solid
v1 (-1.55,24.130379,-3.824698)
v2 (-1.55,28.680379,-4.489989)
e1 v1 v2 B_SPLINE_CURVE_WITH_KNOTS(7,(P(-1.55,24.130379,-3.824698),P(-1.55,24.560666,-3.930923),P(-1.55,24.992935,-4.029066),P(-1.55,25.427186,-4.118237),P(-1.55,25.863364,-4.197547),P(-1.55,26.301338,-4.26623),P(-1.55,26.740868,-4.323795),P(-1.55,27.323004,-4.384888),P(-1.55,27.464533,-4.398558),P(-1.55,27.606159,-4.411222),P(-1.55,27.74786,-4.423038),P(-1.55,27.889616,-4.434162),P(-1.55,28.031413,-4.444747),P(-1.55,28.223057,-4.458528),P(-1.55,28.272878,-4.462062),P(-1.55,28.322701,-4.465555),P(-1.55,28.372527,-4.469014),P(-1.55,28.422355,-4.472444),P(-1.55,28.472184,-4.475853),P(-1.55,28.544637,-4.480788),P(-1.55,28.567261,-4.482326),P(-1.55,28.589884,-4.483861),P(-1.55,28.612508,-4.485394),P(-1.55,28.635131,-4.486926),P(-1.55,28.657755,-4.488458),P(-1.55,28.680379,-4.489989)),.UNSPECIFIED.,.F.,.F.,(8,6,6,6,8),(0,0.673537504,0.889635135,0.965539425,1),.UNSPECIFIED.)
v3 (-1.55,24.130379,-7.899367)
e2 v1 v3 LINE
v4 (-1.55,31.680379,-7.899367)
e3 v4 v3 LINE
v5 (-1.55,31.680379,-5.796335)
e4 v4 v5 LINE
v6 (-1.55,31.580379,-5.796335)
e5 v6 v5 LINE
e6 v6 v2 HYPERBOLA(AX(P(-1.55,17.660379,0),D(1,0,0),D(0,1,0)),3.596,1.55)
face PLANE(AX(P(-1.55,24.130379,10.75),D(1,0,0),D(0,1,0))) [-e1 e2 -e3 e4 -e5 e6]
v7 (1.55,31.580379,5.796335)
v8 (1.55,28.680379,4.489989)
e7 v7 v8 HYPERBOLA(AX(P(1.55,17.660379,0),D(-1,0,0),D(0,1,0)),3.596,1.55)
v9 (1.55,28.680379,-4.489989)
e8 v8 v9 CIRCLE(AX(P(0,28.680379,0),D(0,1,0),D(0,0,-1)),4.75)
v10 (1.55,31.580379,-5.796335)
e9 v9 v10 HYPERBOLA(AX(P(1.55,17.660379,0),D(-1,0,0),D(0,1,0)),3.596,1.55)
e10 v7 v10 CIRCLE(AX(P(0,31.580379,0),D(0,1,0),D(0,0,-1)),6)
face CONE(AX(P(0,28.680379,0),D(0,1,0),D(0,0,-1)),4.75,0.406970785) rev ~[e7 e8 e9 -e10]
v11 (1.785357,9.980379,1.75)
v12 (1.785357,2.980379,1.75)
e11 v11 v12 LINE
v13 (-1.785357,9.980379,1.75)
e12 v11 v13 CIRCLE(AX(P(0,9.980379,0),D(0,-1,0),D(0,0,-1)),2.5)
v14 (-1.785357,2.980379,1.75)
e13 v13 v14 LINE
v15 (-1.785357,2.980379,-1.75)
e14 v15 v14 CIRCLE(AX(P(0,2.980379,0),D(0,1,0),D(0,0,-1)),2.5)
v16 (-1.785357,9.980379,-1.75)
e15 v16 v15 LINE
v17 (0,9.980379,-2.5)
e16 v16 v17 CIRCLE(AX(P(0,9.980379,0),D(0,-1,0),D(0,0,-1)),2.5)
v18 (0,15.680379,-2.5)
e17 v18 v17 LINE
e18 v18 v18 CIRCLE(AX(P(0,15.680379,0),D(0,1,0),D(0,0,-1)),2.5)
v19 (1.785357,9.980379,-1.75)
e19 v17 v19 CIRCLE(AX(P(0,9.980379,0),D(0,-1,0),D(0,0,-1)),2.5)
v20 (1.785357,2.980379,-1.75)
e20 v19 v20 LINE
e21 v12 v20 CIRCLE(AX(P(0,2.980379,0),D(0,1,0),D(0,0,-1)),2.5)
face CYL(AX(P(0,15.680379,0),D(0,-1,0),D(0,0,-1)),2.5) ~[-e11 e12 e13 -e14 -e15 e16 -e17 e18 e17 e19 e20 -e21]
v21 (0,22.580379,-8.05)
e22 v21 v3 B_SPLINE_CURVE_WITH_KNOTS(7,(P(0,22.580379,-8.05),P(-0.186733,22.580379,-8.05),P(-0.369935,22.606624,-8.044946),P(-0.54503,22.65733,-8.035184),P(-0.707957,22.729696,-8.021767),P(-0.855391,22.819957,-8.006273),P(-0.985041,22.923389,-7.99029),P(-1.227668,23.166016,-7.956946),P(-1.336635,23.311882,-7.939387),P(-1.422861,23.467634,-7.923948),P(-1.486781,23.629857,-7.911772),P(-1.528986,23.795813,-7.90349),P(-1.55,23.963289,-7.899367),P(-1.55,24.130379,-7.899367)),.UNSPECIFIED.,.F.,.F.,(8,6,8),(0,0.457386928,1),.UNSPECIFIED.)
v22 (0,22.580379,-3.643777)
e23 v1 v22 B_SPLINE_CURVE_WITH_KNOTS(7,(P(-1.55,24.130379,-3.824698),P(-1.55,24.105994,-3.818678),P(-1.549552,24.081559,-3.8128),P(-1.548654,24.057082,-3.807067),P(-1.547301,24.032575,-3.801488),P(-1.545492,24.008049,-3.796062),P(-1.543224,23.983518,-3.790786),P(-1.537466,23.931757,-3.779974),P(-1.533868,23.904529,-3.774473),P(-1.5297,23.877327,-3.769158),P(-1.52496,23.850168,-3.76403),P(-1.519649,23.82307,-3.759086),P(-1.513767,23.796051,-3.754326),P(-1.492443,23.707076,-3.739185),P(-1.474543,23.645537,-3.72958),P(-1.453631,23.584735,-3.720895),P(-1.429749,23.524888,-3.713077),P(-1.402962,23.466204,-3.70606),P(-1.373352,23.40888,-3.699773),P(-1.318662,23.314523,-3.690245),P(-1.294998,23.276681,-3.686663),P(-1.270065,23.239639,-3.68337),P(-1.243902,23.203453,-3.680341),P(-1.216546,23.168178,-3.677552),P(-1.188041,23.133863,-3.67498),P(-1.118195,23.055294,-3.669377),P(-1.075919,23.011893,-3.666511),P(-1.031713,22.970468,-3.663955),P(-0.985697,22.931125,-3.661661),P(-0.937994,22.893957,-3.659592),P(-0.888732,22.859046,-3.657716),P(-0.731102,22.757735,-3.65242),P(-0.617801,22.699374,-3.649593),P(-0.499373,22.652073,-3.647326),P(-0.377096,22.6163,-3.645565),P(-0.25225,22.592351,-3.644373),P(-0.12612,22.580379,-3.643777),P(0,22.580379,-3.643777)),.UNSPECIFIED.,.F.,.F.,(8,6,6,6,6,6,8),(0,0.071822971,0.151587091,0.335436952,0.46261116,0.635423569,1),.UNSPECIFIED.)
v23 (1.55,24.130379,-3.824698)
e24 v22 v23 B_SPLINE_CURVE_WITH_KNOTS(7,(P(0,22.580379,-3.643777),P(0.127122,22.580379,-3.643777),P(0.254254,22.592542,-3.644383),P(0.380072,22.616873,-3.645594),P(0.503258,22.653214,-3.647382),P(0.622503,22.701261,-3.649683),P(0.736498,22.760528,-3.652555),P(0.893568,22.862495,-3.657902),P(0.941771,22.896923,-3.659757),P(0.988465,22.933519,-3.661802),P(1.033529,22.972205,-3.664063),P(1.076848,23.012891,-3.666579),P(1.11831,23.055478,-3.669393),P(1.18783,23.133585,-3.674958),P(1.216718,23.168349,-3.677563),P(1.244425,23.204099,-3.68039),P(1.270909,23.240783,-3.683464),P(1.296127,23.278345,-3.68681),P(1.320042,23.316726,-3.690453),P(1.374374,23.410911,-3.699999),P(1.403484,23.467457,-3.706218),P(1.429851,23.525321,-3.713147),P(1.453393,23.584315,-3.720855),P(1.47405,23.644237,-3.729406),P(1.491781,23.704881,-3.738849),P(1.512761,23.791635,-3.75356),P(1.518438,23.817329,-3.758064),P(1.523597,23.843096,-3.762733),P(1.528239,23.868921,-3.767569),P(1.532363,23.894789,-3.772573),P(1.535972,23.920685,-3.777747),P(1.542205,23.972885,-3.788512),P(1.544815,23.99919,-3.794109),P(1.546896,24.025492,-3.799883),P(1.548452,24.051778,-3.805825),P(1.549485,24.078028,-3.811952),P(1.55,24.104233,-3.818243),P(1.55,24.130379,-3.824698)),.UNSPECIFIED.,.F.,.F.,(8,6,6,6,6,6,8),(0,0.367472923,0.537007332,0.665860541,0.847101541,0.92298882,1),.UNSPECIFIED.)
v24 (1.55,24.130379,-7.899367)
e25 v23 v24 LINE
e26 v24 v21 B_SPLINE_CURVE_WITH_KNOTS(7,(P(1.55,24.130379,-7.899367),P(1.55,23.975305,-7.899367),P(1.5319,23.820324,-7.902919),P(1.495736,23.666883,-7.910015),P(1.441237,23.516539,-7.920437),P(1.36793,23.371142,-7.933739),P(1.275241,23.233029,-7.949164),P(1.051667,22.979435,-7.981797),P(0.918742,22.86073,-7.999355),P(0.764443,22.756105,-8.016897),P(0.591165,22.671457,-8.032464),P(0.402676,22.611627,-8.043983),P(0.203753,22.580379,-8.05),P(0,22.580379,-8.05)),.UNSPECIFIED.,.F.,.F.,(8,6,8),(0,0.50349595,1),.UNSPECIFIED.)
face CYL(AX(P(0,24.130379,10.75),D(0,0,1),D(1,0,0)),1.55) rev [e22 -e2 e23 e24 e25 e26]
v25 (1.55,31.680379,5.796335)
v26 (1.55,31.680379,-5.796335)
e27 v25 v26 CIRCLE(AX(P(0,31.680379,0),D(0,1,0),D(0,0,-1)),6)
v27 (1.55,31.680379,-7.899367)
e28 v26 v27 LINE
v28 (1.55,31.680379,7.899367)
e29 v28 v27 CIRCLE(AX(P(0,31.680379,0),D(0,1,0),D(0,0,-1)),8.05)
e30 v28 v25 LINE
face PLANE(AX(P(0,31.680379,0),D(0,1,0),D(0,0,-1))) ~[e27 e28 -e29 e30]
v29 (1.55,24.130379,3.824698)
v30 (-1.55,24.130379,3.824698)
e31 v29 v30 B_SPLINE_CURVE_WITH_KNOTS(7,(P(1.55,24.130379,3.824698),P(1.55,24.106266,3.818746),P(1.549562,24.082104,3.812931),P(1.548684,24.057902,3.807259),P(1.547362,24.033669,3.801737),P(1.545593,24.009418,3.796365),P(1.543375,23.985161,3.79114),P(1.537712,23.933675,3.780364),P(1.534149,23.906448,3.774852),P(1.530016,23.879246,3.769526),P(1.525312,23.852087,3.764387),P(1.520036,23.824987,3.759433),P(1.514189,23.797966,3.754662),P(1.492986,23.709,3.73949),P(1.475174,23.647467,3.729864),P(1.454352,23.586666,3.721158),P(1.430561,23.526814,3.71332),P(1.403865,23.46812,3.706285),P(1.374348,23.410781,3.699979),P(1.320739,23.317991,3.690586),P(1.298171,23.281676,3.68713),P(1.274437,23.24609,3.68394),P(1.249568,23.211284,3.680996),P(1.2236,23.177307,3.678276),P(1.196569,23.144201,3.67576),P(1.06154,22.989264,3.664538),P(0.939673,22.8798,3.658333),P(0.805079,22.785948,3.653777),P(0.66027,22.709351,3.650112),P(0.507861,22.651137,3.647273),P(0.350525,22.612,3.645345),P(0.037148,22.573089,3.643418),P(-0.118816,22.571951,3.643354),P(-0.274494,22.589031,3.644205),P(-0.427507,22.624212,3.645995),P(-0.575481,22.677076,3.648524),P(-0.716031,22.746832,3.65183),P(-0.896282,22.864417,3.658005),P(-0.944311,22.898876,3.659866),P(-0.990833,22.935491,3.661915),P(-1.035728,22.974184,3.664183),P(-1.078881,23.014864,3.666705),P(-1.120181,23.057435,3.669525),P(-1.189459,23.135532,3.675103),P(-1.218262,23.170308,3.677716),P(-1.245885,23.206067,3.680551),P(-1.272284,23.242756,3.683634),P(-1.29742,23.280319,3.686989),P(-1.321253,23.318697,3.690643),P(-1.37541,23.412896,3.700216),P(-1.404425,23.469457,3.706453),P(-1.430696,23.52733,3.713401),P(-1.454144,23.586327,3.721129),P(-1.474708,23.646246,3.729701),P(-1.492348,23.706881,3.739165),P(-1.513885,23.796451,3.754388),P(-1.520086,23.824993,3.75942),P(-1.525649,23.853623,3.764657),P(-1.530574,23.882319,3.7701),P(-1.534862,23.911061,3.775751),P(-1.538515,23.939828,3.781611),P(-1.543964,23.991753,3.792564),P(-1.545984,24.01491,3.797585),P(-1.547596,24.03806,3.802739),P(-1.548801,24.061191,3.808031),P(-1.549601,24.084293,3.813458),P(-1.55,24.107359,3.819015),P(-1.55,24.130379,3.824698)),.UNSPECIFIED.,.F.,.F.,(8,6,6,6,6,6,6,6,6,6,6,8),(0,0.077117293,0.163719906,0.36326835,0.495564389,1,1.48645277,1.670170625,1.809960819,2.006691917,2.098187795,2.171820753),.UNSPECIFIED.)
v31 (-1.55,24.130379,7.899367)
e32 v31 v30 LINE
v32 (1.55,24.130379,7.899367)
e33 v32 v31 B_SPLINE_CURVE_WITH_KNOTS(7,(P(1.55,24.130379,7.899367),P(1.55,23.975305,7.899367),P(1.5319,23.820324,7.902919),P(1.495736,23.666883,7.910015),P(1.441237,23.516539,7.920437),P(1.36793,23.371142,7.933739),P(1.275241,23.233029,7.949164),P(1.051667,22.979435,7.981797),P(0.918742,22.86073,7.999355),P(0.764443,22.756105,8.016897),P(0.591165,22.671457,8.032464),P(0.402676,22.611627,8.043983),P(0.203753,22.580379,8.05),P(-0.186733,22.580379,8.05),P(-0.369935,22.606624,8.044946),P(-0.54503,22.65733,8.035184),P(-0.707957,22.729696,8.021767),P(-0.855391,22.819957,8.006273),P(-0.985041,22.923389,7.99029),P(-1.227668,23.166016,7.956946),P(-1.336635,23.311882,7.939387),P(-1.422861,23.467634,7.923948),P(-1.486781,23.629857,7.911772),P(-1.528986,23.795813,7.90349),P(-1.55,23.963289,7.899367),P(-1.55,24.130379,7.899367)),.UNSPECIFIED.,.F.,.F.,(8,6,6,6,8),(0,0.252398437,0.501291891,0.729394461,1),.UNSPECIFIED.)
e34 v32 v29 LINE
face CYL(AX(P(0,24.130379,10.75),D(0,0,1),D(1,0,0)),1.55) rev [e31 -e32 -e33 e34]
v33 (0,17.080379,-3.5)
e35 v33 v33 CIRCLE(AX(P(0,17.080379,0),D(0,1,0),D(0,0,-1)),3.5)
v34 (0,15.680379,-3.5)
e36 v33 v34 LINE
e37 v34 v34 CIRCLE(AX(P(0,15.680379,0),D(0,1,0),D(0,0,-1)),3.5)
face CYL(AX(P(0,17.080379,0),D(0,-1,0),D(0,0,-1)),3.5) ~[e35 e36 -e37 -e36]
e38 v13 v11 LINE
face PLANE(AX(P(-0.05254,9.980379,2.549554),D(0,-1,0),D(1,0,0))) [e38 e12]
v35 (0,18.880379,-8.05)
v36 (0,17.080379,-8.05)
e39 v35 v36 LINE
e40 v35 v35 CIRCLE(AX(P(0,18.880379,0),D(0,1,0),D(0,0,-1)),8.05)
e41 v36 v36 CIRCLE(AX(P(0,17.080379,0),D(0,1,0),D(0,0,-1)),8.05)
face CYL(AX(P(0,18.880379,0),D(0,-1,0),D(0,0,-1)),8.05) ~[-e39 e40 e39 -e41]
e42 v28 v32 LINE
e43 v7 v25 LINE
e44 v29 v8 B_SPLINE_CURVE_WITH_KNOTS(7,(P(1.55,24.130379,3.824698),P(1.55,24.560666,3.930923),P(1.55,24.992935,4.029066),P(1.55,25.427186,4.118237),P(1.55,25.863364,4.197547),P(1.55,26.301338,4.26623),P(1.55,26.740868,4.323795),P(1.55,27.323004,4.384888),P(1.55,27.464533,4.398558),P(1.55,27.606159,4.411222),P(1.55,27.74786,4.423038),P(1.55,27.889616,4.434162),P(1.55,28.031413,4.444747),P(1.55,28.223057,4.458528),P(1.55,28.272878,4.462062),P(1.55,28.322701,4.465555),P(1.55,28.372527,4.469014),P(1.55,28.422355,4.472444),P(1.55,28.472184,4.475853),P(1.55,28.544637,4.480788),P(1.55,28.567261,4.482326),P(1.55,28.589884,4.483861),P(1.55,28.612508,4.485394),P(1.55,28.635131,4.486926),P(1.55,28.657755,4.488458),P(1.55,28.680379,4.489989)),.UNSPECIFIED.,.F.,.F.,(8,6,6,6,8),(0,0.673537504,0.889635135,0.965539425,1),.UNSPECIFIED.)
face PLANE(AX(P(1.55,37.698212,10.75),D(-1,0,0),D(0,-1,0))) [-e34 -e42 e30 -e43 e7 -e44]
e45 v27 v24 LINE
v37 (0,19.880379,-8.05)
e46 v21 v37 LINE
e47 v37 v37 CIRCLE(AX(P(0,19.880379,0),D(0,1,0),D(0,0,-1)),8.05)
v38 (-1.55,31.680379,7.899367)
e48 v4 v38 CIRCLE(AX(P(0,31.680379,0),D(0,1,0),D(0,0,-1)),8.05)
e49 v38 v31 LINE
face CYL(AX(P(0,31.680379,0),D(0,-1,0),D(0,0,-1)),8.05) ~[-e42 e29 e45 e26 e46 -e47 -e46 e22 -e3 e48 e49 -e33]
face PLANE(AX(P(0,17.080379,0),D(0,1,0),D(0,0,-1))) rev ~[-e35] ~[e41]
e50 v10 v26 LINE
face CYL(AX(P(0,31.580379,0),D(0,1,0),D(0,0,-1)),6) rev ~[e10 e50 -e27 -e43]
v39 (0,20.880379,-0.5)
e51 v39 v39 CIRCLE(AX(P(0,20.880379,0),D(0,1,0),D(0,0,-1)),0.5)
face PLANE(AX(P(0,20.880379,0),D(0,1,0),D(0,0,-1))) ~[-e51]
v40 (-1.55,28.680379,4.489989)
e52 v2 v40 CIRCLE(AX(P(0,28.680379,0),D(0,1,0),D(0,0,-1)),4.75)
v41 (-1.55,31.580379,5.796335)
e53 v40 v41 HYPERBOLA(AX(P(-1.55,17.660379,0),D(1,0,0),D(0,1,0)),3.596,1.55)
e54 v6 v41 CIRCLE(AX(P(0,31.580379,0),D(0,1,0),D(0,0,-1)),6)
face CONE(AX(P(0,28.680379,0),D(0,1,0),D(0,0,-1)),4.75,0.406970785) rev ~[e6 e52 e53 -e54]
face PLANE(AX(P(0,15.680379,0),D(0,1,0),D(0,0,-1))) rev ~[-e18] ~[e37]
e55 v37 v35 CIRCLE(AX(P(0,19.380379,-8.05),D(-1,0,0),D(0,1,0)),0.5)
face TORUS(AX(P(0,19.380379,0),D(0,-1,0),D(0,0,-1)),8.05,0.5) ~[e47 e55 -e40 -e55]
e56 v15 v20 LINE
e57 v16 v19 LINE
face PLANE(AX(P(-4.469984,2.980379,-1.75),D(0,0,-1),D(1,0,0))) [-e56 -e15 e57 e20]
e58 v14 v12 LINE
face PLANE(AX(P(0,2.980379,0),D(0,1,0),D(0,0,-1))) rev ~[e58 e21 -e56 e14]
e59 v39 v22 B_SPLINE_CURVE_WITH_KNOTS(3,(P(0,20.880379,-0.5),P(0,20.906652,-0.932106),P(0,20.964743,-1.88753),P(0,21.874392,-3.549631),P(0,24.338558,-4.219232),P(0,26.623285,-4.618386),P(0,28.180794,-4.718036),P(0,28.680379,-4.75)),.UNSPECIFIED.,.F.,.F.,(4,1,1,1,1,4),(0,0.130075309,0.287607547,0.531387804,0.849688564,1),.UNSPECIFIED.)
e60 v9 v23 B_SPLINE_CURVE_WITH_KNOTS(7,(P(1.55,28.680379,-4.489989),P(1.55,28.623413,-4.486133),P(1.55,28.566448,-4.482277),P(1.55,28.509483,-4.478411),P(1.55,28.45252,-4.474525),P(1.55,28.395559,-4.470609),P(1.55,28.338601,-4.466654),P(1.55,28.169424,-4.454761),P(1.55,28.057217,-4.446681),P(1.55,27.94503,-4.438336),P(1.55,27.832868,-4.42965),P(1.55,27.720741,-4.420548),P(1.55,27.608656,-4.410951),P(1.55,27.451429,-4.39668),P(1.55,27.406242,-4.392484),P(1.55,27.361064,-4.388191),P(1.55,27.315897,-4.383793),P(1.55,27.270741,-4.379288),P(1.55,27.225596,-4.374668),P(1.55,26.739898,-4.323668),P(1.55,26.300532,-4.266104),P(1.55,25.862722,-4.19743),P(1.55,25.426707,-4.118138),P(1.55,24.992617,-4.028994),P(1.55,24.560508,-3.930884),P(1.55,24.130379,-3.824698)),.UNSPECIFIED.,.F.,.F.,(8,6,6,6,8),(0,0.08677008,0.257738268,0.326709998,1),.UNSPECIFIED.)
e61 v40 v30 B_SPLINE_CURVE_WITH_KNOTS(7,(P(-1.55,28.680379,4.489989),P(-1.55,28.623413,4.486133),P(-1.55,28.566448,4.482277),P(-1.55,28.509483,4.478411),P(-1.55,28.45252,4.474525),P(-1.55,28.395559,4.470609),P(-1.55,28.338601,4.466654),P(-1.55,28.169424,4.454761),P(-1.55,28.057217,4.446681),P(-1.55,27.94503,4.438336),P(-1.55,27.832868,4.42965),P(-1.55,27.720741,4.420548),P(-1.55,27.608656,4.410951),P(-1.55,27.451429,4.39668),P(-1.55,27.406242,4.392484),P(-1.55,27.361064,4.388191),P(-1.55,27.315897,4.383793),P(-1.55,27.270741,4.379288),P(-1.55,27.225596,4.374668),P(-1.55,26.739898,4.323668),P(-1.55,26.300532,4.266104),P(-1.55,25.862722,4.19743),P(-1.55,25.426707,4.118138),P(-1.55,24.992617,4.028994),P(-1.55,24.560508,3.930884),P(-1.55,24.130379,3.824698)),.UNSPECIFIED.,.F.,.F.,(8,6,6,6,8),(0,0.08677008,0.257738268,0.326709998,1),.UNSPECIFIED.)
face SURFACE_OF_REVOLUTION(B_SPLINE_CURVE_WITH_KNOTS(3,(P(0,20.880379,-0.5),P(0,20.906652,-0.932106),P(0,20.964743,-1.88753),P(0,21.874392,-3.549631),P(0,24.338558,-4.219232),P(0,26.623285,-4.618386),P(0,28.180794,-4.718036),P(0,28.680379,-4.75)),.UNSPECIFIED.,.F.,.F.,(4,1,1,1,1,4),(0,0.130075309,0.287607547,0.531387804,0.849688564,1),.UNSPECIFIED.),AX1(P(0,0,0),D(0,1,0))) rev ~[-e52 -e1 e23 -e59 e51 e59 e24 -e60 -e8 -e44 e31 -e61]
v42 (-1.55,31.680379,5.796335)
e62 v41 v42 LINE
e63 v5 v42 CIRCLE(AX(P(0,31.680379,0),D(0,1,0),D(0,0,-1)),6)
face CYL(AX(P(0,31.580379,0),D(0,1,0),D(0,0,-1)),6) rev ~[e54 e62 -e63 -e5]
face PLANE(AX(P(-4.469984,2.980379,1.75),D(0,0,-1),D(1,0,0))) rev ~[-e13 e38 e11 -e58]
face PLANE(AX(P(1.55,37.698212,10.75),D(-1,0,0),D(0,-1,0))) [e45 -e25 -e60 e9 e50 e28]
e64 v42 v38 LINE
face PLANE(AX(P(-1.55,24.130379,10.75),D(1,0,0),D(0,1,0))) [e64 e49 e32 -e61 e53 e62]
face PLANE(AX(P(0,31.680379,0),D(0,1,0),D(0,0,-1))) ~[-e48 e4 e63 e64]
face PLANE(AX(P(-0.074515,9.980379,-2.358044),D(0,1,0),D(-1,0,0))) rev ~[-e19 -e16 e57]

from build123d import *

# Parameters (mm, degrees)
EXTRUDE1_DEPTH = 7
EXTRUDE2_DEPTH = 20.3


with BuildPart() as part:
    # Sketch1 → Revolve1 (revolve)
    with BuildSketch(Plane.XY, mode=Mode.PRIVATE) as revolve1_sk:
        with BuildLine():
            Line((6, 31.680378901), (8.05, 31.680378901))
            Line((8.05, 31.680378901), (8.05, 19.880378901))
            ThreePointArc((8.05, 19.880378901), (8.55, 19.380378901), (8.05, 18.880378901))
            Line((8.05, 18.880378901), (8.05, 17.080378901))
            Line((8.05, 17.080378901), (3.5, 17.080378901))
            Line((3.5, 17.080378901), (3.5, 15.680378901))
            Line((3.5, 15.680378901), (2.5, 15.680378901))
            Line((2.5, 15.680378901), (2.5, 2.980378901))
            Line((2.5, 2.980378901), (0, 2.980378901))
            Line((0, 2.980378901), (0, 20.880378901))
            Line((0, 20.880378901), (0.5, 20.880378901))
            add(Edge.make_bspline(
                [(0.5, 20.880378901), (0.932106432, 20.906651763), (1.887530423, 20.96474329), (3.549630763, 21.874391527), (4.219232089, 24.338558209), (4.618386004, 26.623285295), (4.718036301, 28.180794336), (4.75, 28.680378901)],
                knots=[0, 0, 0, 0, 0.130075309, 0.287607547, 0.531387804, 0.849688564, 1, 1, 1, 1], degree=3))
            Line((4.75, 28.680378901), (6, 31.580378901))
            Line((6, 31.580378901), (6, 31.680378901))
        make_face()
    revolve(revolve1_sk.sketch.rotate(Axis((0, 0, 0), (0, 1, 0)), 90), axis=Axis((0, 0, 0), (0, 1, 0)))  # turned: the seam where the file's is

    # Sketch2 → Extrude1 (cut)
    with BuildSketch(Plane.XZ.offset(-2.980378901)):
        Polygon((1.785357107, 1.75), (4.264804166, 1.75), (0.483637586, 4.675163329), (-4.469983747, 1.75), align=None)
        Polygon((-4.469983747, -1.75), (4.264804166, -1.75), (0.383778189, -4.04178496), align=None)
    extrude(amount=-EXTRUDE1_DEPTH, mode=Mode.SUBTRACT)

    # Sketch3 → Extrude2 (cut, through all)
    with BuildSketch(Plane.XY.offset(10.75)):
        with BuildLine():
            Line((-1.55, 37.698212451), (1.55, 37.698212451))
            Line((1.55, 37.698212451), (1.55, 24.130378901))
            ThreePointArc((1.55, 24.130378901), (0, 22.580378901), (-1.55, 24.130378901))
            Line((-1.55, 24.130378901), (-1.55, 37.698212451))
        make_face()
    extrude(amount=-EXTRUDE2_DEPTH, mode=Mode.SUBTRACT)


solid = part.part
